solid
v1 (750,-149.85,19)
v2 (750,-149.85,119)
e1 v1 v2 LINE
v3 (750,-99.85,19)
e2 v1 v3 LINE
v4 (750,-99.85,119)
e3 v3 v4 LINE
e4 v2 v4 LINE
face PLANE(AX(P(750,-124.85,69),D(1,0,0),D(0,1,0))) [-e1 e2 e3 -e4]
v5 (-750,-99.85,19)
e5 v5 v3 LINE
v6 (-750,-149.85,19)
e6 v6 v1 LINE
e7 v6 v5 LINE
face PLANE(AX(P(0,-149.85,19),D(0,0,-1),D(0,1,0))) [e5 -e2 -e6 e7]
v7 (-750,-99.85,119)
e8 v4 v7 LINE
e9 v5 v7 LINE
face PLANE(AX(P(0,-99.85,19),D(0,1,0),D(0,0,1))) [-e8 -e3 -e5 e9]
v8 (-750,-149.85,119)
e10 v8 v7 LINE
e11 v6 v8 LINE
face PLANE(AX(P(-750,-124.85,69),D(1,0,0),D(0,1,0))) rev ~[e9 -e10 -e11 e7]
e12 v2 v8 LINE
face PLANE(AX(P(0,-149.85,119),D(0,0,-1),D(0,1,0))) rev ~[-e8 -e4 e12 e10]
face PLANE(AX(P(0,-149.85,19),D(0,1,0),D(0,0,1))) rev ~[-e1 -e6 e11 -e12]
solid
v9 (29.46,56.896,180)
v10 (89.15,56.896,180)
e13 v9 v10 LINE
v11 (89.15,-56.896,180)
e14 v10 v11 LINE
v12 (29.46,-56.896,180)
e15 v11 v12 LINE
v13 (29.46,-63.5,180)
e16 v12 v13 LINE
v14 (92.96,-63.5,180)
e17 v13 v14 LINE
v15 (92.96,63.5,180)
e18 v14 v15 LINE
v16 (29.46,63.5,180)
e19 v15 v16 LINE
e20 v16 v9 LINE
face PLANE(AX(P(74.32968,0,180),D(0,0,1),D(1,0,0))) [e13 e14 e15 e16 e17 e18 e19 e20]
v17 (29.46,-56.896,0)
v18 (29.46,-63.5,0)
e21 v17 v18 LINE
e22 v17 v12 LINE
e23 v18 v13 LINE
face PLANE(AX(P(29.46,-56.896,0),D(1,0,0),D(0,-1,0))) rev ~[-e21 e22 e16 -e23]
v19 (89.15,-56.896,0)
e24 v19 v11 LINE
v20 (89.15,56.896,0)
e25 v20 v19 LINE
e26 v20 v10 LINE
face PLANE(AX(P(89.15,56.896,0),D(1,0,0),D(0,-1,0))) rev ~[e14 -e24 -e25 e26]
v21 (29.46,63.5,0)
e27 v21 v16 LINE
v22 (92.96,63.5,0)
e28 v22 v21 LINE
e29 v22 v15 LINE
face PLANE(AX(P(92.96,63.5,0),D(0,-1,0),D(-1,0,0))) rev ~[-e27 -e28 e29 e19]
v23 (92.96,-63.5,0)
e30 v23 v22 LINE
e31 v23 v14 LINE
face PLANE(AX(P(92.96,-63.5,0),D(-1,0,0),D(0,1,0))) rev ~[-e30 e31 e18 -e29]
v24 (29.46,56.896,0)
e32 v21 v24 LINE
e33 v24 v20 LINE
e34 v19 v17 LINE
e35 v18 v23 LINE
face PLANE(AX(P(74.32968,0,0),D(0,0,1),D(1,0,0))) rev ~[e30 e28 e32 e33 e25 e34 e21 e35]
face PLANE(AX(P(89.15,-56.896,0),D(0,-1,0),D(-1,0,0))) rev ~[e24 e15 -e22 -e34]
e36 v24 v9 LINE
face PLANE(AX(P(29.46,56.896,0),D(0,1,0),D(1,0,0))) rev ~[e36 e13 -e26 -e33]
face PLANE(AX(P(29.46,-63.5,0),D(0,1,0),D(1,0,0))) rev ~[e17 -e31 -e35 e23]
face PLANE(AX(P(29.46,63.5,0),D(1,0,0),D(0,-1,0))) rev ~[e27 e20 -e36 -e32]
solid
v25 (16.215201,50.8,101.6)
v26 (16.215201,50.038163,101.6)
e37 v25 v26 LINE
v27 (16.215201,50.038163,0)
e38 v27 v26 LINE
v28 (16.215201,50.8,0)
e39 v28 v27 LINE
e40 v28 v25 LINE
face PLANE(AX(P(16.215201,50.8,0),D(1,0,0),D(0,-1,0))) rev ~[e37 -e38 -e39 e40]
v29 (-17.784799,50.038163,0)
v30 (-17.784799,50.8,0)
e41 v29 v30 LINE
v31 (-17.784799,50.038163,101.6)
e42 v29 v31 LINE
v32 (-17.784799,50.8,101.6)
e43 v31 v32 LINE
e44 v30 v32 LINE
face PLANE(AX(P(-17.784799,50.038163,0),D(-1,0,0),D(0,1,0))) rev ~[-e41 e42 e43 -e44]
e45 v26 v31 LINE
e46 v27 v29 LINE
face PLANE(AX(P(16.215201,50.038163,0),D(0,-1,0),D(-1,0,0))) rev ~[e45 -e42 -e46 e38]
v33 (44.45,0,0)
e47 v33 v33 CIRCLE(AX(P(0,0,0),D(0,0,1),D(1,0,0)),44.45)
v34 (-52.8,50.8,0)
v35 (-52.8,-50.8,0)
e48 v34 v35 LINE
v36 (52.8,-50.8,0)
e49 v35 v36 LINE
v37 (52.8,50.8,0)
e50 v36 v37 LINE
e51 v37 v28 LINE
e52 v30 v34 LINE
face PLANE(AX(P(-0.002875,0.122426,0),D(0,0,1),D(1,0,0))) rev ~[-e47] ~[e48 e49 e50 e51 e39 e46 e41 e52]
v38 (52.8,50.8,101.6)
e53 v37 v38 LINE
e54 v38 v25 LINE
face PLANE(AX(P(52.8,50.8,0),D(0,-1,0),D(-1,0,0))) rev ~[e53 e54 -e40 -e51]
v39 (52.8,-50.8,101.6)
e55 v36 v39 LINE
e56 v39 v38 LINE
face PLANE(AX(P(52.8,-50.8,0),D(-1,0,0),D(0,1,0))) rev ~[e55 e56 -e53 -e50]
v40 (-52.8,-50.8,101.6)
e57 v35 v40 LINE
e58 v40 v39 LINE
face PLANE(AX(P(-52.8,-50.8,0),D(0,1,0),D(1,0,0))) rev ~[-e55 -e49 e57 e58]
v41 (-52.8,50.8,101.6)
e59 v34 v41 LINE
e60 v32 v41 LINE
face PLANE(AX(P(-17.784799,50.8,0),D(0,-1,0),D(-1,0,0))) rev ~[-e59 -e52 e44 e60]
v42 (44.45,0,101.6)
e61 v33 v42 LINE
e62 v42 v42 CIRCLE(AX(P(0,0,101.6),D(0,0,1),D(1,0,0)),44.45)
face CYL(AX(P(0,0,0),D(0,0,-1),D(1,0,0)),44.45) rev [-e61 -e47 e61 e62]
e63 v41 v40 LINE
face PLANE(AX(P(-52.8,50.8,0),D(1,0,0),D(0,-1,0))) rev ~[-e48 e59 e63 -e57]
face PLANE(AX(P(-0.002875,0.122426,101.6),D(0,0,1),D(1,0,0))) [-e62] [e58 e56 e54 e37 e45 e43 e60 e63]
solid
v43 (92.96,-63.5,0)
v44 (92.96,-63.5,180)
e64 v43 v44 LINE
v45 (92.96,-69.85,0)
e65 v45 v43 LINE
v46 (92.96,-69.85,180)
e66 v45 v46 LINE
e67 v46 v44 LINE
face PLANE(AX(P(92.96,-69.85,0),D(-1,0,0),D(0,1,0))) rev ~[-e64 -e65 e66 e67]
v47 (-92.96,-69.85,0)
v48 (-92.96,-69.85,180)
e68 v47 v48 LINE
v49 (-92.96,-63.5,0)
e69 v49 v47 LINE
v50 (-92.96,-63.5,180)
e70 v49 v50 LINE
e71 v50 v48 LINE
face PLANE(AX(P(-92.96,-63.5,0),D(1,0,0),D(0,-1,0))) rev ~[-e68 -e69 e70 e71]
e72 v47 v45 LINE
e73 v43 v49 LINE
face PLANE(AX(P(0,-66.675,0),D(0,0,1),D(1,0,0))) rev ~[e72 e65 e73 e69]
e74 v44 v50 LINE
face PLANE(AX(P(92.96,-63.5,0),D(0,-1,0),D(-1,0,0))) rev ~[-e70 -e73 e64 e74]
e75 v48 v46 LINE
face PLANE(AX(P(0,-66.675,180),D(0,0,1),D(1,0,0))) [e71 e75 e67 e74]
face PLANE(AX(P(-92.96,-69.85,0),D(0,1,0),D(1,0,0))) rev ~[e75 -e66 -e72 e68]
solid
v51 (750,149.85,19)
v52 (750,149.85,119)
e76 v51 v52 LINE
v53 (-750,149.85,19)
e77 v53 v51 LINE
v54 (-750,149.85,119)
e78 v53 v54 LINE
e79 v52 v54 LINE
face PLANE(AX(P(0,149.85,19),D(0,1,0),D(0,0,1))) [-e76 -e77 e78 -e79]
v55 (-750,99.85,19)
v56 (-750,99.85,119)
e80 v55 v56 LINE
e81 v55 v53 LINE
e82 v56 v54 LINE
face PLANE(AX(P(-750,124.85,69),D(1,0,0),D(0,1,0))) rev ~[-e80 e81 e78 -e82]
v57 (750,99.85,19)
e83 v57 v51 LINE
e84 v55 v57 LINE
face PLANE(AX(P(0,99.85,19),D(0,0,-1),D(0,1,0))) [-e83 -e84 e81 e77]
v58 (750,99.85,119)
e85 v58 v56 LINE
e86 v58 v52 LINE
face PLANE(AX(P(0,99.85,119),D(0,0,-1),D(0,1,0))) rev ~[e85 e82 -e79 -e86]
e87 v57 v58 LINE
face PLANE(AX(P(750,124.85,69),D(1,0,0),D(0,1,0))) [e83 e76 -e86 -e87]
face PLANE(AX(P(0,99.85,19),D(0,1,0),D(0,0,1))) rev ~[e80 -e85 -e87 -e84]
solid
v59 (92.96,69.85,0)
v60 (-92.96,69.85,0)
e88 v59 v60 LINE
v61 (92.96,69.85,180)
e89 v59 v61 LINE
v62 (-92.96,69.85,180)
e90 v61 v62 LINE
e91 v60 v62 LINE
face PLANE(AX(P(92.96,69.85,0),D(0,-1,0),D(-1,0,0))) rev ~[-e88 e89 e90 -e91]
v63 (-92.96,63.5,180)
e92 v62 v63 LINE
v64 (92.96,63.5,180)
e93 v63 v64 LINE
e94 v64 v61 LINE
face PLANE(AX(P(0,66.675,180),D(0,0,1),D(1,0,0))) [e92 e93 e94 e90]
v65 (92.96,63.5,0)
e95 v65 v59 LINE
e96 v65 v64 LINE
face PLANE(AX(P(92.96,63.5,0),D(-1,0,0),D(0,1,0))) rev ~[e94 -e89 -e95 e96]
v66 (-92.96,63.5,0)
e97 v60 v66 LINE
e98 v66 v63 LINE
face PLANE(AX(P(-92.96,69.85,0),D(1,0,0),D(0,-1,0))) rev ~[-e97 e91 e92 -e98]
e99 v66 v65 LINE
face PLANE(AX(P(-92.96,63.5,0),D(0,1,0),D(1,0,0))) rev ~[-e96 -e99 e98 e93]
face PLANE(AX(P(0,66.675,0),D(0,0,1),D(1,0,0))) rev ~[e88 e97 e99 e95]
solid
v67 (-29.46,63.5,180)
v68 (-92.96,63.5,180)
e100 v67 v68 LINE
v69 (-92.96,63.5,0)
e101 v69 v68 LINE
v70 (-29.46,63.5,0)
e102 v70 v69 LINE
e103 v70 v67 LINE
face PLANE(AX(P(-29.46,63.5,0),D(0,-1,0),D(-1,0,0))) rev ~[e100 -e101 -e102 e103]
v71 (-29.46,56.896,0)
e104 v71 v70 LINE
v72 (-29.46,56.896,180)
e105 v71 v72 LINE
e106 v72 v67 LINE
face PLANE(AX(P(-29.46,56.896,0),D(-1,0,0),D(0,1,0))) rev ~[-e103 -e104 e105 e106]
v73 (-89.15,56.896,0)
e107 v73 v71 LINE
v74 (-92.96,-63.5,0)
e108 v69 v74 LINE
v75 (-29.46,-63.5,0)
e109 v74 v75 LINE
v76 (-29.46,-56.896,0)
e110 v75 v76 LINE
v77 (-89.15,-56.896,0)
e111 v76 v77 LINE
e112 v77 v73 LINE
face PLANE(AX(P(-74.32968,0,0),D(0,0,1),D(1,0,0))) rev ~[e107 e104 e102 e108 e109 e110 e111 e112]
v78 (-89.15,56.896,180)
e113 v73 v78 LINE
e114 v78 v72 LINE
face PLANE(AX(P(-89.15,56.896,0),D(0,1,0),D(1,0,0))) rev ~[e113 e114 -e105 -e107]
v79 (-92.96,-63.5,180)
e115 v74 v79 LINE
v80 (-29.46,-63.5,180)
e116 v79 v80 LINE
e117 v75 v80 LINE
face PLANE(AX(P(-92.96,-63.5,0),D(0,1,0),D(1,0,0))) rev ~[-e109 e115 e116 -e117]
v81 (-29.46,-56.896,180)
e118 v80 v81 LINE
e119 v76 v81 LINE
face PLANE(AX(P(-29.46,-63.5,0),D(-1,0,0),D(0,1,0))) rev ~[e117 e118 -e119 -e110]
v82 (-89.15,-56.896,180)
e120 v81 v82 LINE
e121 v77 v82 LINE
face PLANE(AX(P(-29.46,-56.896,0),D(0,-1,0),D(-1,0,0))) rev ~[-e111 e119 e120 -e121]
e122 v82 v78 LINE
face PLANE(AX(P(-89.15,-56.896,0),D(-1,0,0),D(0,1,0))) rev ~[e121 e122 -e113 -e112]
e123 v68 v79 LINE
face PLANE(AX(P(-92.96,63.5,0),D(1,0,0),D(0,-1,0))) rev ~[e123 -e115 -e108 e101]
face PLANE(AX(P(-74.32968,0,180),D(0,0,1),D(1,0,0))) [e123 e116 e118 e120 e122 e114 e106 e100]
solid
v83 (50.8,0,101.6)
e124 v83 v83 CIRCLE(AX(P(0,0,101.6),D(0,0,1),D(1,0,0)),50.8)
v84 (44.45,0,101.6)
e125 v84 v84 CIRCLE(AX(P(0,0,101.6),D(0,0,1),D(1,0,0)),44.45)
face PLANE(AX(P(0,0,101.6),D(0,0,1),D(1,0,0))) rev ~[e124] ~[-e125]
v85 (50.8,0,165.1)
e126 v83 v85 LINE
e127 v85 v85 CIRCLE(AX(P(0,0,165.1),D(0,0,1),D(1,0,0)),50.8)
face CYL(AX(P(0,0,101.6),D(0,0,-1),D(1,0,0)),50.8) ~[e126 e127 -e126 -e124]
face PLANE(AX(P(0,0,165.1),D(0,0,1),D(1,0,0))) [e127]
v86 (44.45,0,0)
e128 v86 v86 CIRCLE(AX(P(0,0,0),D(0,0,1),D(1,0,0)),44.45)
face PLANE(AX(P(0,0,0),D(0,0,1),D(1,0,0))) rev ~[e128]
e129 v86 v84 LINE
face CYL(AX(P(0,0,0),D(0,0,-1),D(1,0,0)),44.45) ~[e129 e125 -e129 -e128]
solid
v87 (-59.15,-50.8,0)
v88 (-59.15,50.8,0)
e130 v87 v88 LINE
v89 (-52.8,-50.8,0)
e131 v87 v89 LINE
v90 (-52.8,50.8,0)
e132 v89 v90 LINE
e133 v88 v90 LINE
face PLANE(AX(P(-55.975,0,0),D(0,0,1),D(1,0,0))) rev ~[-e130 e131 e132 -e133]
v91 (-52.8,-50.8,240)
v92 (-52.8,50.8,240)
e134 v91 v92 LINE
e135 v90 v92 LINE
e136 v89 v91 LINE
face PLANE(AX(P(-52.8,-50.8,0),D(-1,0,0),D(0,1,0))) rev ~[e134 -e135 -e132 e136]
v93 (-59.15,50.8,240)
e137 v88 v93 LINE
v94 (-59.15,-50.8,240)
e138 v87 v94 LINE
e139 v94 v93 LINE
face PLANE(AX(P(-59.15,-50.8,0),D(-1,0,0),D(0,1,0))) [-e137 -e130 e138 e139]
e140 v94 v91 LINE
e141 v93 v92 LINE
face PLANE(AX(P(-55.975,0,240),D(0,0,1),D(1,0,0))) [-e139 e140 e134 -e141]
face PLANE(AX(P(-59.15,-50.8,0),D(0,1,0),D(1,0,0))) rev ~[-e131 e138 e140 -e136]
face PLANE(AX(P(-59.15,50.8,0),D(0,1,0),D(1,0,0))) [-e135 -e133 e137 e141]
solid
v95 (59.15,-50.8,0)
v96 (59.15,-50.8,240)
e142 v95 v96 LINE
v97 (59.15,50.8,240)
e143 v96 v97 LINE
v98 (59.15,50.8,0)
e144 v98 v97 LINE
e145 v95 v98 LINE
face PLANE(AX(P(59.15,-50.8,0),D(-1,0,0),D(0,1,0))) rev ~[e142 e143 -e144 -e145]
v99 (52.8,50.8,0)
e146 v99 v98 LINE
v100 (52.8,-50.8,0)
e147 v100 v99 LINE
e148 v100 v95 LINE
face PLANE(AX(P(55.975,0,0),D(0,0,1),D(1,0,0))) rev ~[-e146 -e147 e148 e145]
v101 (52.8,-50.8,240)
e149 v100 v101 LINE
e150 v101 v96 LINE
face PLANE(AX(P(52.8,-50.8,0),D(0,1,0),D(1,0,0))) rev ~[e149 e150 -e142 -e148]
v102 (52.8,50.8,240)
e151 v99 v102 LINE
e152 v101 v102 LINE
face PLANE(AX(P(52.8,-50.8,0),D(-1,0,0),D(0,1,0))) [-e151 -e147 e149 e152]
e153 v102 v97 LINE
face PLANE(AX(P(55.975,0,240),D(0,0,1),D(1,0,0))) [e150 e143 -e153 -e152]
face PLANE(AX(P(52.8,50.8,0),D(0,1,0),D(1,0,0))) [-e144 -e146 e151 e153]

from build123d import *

# Parameters (mm, degrees)
F0_R      = 44.45
F1_DEPTH  = 101.6
F2_R      = 50.8
F2_R_2    = 44.45
F3_DEPTH  = 63.5
F4_DEPTH  = 101.6
F7_DEPTH  = 180
F0_W      = 6.35
F0_H      = 101.6
F8_DEPTH  = 240
F9_DEPTH  = 180
F10_W     = 50
F10_H     = 100
F11_DEPTH = 750


with BuildPart() as f1:
    # F0 (on Top) → F1 (new body)
    with BuildSketch(Plane.XY):
        Circle(F0_R)
    extrude(amount=F1_DEPTH)

    # F2 (on face) → F3 (join)
    with BuildSketch(Plane.XY.offset(101.6)):
        Circle(F2_R)
        Circle(F2_R_2, mode=Mode.SUBTRACT)
        Circle(F2_R_2)
    extrude(amount=F3_DEPTH)


with BuildPart() as f4:
    # F0 (on Top) → F4 (new body, through all)
    with BuildSketch(Plane.XY):
        Polygon((52.8, -50.8), (52.8, 50.8), (16.2152014673, 50.8), (16.2152014673, 50.0381626189), (-17.7847985327, 50.0381626189), (-17.7847985327, 50.8), (-52.8, 50.8), (-52.8, -50.8), align=None)
        Circle(F0_R, mode=Mode.SUBTRACT)
    extrude(amount=F4_DEPTH)


with BuildPart() as f7:
    # F0 (on Top) → F7 (new body)
    with BuildSketch(Plane.XY):
        Polygon((-29.46, 56.896), (-29.46, 63.5), (-92.96, 63.5), (-92.96, 0), (-92.96, -63.5), (-29.46, -63.5), (-29.46, -56.896), (-89.15, -56.896), (-89.15, 0), (-89.15, 56.896), align=None)
    extrude(amount=F7_DEPTH)


with BuildPart() as f7b:
    # F0 (on Top) → F7, piece 2 (new body)
    with BuildSketch(Plane.XY):
        Polygon((89.15, 56.896), (89.15, 0), (89.15, -56.896), (29.46, -56.896), (29.46, -63.5), (92.96, -63.5), (92.96, 0), (92.96, 63.5), (29.46, 63.5), (29.46, 56.896), align=None)
    extrude(amount=F7_DEPTH)


with BuildPart() as f8:
    # F0 (on Top) → F8 (new body)
    with BuildSketch(Plane.XY):
        with Locations((-55.975, 0)):
            Rectangle(F0_W, F0_H)
    extrude(amount=F8_DEPTH)


with BuildPart() as f8b:
    # F0 (on Top) → F8, piece 2 (new body)
    with BuildSketch(Plane.XY):
        with Locations((55.975, 0)):
            Rectangle(F0_W, F0_H)
    extrude(amount=F8_DEPTH)


with BuildPart() as f9:
    # F0 (on Top) → F9 (new body, through all)
    with BuildSketch(Plane.XY):
        Polygon((-29.46, 63.5), (29.46, 63.5), (92.96, 63.5), (92.96, 69.85), (-92.96, 69.85), (-92.96, 63.5), align=None)
    extrude(amount=F9_DEPTH)


with BuildPart() as f9b:
    # F0 (on Top) → F9, piece 2 (new body, through all)
    with BuildSketch(Plane.XY):
        Polygon((92.96, -63.5), (29.46, -63.5), (-29.46, -63.5), (-92.96, -63.5), (-92.96, -69.85), (92.96, -69.85), align=None)
    extrude(amount=F9_DEPTH)


with BuildPart() as f11:
    # F10 (on Right) → F11 (new body, symmetric)
    with BuildSketch(Plane.YZ):
        with Locations((-124.85, 69)):
            Rectangle(F10_W, F10_H)
    extrude(amount=F11_DEPTH, both=True)


with BuildPart() as f11b:
    # F10 (on Right) → F11, piece 2 (new body, symmetric)
    with BuildSketch(Plane.YZ):
        with Locations((124.85, 69)):
            Rectangle(F10_W, F10_H)
    extrude(amount=F11_DEPTH, both=True)


solid = Compound([f1.part, f4.part, f7.part, f7b.part, f8.part, f8b.part, f9.part, f9b.part, f11.part, f11b.part])
